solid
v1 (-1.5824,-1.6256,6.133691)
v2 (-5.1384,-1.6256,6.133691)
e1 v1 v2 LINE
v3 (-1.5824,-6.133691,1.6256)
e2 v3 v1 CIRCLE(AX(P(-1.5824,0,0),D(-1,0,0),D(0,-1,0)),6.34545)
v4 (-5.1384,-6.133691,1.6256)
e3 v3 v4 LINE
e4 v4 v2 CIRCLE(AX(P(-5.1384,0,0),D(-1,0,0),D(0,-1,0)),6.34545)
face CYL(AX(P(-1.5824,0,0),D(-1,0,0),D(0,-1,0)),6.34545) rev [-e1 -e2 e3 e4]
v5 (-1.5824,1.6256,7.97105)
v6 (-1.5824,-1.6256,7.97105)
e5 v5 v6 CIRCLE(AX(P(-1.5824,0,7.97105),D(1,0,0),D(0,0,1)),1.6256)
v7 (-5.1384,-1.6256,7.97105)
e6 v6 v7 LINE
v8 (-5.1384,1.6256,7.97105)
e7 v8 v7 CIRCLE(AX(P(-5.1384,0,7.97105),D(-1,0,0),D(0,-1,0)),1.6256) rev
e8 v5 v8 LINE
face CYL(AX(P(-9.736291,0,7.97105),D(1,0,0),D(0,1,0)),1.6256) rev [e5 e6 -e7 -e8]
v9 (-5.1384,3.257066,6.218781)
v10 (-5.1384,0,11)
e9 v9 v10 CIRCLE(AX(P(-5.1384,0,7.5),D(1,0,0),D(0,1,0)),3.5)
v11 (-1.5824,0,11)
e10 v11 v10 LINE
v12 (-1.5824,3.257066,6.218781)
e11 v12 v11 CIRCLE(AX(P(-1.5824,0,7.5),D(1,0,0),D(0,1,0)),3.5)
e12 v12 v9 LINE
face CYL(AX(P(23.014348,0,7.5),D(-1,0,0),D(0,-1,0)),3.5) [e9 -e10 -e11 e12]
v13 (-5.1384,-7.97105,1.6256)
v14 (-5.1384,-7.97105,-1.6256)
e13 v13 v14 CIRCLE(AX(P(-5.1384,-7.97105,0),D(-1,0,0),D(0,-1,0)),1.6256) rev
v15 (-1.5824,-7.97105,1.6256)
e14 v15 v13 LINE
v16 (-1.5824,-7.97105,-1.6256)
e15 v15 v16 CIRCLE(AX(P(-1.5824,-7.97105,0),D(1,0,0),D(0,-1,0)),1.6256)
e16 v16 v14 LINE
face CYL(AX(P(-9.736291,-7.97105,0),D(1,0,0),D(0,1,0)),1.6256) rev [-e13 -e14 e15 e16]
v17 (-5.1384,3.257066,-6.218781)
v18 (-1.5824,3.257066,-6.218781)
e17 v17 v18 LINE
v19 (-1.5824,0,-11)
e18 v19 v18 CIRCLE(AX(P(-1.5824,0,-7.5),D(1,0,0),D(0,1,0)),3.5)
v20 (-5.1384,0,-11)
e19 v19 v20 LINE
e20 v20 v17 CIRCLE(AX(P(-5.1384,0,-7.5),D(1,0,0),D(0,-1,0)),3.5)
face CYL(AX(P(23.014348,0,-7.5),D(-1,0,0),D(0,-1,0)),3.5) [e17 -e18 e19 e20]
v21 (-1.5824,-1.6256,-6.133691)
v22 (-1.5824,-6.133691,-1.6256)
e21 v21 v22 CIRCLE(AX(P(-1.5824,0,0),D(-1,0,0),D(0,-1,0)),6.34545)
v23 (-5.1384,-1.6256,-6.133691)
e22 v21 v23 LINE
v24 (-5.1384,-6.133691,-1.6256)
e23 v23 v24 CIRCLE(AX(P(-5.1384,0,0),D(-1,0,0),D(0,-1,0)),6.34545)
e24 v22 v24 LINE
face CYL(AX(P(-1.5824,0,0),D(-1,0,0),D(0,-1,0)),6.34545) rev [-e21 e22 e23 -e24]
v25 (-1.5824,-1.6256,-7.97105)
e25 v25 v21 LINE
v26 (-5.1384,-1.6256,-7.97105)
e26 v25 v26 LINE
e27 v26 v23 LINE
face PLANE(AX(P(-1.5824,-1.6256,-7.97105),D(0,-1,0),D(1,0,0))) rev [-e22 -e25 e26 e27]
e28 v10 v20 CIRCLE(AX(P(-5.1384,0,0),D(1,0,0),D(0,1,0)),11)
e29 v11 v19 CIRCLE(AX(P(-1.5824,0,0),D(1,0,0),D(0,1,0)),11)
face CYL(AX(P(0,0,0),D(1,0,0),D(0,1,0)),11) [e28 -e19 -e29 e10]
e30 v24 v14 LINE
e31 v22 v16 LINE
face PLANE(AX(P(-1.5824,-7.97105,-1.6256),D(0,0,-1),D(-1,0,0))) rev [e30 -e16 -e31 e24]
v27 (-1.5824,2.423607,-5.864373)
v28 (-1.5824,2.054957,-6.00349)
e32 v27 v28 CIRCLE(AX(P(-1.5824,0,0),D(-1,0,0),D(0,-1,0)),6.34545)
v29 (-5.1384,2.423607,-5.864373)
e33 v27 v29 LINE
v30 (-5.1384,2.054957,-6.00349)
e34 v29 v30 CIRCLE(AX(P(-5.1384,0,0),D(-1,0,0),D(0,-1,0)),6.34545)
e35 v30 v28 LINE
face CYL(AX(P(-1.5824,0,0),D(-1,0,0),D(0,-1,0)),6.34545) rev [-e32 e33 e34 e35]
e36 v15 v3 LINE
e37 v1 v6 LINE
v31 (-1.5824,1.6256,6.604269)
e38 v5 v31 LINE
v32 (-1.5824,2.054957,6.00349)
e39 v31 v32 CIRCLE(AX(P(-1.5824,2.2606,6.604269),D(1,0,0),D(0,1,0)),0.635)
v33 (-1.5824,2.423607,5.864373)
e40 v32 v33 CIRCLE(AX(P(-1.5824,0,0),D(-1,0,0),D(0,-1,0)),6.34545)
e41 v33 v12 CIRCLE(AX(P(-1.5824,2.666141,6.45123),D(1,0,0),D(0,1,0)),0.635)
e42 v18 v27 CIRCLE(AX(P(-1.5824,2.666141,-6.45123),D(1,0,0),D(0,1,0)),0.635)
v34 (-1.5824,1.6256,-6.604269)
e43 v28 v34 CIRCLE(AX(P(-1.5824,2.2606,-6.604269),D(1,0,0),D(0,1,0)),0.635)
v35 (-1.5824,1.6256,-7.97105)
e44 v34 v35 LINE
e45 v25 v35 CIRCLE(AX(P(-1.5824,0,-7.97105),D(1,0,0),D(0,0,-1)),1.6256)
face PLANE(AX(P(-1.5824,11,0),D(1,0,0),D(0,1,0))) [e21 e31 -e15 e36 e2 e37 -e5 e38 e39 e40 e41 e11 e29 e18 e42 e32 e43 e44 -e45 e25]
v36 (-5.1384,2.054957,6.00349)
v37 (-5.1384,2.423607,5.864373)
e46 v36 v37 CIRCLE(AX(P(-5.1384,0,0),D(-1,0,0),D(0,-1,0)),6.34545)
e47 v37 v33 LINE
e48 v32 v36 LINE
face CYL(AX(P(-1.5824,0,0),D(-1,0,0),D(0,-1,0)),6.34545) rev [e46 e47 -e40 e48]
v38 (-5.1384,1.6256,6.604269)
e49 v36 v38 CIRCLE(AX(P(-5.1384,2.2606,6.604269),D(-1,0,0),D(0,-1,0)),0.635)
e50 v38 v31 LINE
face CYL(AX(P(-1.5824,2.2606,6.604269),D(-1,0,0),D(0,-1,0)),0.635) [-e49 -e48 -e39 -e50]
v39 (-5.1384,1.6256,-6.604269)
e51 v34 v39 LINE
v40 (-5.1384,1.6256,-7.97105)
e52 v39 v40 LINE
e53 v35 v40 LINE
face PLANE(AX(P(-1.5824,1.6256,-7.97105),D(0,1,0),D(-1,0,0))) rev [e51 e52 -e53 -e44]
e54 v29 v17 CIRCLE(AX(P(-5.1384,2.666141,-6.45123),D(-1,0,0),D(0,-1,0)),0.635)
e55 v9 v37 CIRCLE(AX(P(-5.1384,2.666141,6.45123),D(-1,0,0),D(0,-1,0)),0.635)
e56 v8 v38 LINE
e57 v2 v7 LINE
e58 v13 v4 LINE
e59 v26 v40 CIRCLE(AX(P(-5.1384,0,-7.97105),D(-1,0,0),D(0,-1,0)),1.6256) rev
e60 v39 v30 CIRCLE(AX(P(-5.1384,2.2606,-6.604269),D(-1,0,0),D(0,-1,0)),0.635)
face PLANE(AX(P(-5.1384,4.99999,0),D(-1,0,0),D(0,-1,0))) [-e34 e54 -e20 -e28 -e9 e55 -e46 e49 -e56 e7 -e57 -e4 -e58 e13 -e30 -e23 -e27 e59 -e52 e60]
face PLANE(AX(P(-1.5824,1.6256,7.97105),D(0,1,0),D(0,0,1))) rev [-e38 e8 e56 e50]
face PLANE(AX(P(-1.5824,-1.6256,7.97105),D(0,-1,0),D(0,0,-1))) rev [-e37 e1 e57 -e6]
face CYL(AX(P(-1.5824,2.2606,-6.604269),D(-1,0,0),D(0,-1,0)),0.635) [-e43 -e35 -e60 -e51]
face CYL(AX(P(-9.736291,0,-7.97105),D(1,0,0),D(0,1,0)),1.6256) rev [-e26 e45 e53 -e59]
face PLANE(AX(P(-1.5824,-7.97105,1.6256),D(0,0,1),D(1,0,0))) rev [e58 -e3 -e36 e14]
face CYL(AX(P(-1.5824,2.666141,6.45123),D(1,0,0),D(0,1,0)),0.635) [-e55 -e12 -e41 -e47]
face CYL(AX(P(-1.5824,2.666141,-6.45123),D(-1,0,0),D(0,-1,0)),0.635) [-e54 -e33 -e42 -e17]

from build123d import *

# Parameters (mm, degrees)
SKETCH2_R          = 1.6256
CUT_EXTRUDE1_DEPTH = 3.556
CIRPATTERN1_COUNT  = 4
CUT_EXTRUDE2_DEPTH = 3.556
SKETCH4_R          = 4.99999
CUT_EXTRUDE3_DEPTH = 10
CUT_EXTRUDE4_DEPTH = 3.556
SKETCH6_R          = 5.08
CUT_EXTRUDE5_DEPTH = 1.5824
CUT_EXTRUDE6_DEPTH = 4.556
FILLET1_R          = 0.635


with BuildPart() as part:
    # Sketch1 → Revolve1 (revolve)
    with BuildSketch(Plane.XY):
        Polygon((-15.1384, 4.99999), (-5.1384, 4.99999), (-5.1384, 11), (-1.5824, 11), (-1.5824, 5.08), (0, 5.08), (0, 4), (-15.1384, 4), align=None)
    revolve(axis=Axis((0, 0, 0), (-1, 0, 0)))

    # Sketch2 → Cut-Extrude1 (cut)
    with BuildSketch(Plane(origin=(-1.5824, 0, 0), x_dir=(0, 0, -1), z_dir=(1, 0, 0))):
        with Locations((0, 7.97105)):
            Circle(SKETCH2_R)
    cut_extrude1 = extrude(amount=-CUT_EXTRUDE1_DEPTH, mode=Mode.SUBTRACT)

    # CirPattern1: Cut-Extrude1 ×4 about axis
    cirpattern1_axis = Axis((0, 0, 0), (1, 0, 0))
    for i in range(1, CIRPATTERN1_COUNT):
        add(cut_extrude1.rotate(cirpattern1_axis, i * 360 / CIRPATTERN1_COUNT), mode=Mode.SUBTRACT)

    # Sketch3 → Cut-Extrude2 (cut)
    with BuildSketch(Plane(origin=(-1.5824, 0, 0), x_dir=(0, 0, -1), z_dir=(1, 0, 0))):
        with BuildLine():
            Line((-4.215969639, 10.16), (4.215969639, 10.16))
            ThreePointArc((4.215969639, 10.16), (0, 11), (-4.215969639, 10.16))
        make_face()
    extrude(amount=-CUT_EXTRUDE2_DEPTH, mode=Mode.SUBTRACT)

    # Sketch4 → Cut-Extrude3 (cut)
    with BuildSketch(Plane.ZY.offset(15.1384)):
        Circle(SKETCH4_R)
    extrude(amount=-CUT_EXTRUDE3_DEPTH, mode=Mode.SUBTRACT)

    # Sketch5 → Cut-Extrude4 (cut)
    with BuildSketch(Plane.ZY.offset(5.1384)):
        with BuildLine():
            ThreePointArc((-4, 0), (-7.5, 3.5), (-11, 0))
            ThreePointArc((-11, 0), (0, 11), (11, 0))
            ThreePointArc((11, 0), (7.5, 3.5), (4, 0))
            ThreePointArc((4, 0), (0, 4), (-4, 0))
        make_face()
    extrude(amount=-CUT_EXTRUDE4_DEPTH, mode=Mode.SUBTRACT)

    # Sketch6 → Cut-Extrude5 (cut)
    with BuildSketch(Plane(origin=(0, 0, 0), x_dir=(0, 0, -1), z_dir=(1, 0, 0))):
        Circle(SKETCH6_R)
    extrude(amount=-CUT_EXTRUDE5_DEPTH, mode=Mode.SUBTRACT)

    # Sketch7 → Cut-Extrude6 (cut, through all)
    with BuildSketch(Plane.ZY.offset(5.1384)):
        with BuildLine():
            Line((-7.97105, 1.6256), (-6.133690597, 1.6256))
            ThreePointArc((-6.133690597, 1.6256), (0, 6.34545), (6.133690597, 1.6256))
            Line((6.133690597, 1.6256), (7.97105, 1.6256))
            ThreePointArc((7.97105, 1.6256), (6.34545, 0), (7.97105, -1.6256))
            Line((7.97105, -1.6256), (6.133690597, -1.6256))
            ThreePointArc((6.133690597, -1.6256), (4.486910725, -4.486910725), (1.6256, -6.133690597))
            Line((1.6256, -6.133690597), (1.6256, -7.97105))
            ThreePointArc((1.6256, -7.97105), (0, -6.34545), (-1.6256, -7.97105))
            Line((-1.6256, -7.97105), (-1.6256, -6.133690597))
            ThreePointArc((-1.6256, -6.133690597), (-4.486910725, -4.486910725), (-6.133690597, -1.6256))
            Line((-6.133690597, -1.6256), (-7.97105, -1.6256))
            ThreePointArc((-7.97105, -1.6256), (-6.34545, 0), (-7.97105, 1.6256))
        make_face()
    extrude(amount=-CUT_EXTRUDE6_DEPTH, mode=Mode.SUBTRACT)

    # Fillet1
    fillet1_edges = [part.edges().sort_by_distance(p)[0] for p in [
        (-3.3604, 2.95072108, 5.617649047),
        (-3.3604, 1.6256, -6.133690597),
        (-3.3604, 1.6256, 6.133690597),
        (-3.3604, 2.95072108, -5.617649047),
    ]]
    fillet(fillet1_edges, radius=FILLET1_R)


solid = part.part
